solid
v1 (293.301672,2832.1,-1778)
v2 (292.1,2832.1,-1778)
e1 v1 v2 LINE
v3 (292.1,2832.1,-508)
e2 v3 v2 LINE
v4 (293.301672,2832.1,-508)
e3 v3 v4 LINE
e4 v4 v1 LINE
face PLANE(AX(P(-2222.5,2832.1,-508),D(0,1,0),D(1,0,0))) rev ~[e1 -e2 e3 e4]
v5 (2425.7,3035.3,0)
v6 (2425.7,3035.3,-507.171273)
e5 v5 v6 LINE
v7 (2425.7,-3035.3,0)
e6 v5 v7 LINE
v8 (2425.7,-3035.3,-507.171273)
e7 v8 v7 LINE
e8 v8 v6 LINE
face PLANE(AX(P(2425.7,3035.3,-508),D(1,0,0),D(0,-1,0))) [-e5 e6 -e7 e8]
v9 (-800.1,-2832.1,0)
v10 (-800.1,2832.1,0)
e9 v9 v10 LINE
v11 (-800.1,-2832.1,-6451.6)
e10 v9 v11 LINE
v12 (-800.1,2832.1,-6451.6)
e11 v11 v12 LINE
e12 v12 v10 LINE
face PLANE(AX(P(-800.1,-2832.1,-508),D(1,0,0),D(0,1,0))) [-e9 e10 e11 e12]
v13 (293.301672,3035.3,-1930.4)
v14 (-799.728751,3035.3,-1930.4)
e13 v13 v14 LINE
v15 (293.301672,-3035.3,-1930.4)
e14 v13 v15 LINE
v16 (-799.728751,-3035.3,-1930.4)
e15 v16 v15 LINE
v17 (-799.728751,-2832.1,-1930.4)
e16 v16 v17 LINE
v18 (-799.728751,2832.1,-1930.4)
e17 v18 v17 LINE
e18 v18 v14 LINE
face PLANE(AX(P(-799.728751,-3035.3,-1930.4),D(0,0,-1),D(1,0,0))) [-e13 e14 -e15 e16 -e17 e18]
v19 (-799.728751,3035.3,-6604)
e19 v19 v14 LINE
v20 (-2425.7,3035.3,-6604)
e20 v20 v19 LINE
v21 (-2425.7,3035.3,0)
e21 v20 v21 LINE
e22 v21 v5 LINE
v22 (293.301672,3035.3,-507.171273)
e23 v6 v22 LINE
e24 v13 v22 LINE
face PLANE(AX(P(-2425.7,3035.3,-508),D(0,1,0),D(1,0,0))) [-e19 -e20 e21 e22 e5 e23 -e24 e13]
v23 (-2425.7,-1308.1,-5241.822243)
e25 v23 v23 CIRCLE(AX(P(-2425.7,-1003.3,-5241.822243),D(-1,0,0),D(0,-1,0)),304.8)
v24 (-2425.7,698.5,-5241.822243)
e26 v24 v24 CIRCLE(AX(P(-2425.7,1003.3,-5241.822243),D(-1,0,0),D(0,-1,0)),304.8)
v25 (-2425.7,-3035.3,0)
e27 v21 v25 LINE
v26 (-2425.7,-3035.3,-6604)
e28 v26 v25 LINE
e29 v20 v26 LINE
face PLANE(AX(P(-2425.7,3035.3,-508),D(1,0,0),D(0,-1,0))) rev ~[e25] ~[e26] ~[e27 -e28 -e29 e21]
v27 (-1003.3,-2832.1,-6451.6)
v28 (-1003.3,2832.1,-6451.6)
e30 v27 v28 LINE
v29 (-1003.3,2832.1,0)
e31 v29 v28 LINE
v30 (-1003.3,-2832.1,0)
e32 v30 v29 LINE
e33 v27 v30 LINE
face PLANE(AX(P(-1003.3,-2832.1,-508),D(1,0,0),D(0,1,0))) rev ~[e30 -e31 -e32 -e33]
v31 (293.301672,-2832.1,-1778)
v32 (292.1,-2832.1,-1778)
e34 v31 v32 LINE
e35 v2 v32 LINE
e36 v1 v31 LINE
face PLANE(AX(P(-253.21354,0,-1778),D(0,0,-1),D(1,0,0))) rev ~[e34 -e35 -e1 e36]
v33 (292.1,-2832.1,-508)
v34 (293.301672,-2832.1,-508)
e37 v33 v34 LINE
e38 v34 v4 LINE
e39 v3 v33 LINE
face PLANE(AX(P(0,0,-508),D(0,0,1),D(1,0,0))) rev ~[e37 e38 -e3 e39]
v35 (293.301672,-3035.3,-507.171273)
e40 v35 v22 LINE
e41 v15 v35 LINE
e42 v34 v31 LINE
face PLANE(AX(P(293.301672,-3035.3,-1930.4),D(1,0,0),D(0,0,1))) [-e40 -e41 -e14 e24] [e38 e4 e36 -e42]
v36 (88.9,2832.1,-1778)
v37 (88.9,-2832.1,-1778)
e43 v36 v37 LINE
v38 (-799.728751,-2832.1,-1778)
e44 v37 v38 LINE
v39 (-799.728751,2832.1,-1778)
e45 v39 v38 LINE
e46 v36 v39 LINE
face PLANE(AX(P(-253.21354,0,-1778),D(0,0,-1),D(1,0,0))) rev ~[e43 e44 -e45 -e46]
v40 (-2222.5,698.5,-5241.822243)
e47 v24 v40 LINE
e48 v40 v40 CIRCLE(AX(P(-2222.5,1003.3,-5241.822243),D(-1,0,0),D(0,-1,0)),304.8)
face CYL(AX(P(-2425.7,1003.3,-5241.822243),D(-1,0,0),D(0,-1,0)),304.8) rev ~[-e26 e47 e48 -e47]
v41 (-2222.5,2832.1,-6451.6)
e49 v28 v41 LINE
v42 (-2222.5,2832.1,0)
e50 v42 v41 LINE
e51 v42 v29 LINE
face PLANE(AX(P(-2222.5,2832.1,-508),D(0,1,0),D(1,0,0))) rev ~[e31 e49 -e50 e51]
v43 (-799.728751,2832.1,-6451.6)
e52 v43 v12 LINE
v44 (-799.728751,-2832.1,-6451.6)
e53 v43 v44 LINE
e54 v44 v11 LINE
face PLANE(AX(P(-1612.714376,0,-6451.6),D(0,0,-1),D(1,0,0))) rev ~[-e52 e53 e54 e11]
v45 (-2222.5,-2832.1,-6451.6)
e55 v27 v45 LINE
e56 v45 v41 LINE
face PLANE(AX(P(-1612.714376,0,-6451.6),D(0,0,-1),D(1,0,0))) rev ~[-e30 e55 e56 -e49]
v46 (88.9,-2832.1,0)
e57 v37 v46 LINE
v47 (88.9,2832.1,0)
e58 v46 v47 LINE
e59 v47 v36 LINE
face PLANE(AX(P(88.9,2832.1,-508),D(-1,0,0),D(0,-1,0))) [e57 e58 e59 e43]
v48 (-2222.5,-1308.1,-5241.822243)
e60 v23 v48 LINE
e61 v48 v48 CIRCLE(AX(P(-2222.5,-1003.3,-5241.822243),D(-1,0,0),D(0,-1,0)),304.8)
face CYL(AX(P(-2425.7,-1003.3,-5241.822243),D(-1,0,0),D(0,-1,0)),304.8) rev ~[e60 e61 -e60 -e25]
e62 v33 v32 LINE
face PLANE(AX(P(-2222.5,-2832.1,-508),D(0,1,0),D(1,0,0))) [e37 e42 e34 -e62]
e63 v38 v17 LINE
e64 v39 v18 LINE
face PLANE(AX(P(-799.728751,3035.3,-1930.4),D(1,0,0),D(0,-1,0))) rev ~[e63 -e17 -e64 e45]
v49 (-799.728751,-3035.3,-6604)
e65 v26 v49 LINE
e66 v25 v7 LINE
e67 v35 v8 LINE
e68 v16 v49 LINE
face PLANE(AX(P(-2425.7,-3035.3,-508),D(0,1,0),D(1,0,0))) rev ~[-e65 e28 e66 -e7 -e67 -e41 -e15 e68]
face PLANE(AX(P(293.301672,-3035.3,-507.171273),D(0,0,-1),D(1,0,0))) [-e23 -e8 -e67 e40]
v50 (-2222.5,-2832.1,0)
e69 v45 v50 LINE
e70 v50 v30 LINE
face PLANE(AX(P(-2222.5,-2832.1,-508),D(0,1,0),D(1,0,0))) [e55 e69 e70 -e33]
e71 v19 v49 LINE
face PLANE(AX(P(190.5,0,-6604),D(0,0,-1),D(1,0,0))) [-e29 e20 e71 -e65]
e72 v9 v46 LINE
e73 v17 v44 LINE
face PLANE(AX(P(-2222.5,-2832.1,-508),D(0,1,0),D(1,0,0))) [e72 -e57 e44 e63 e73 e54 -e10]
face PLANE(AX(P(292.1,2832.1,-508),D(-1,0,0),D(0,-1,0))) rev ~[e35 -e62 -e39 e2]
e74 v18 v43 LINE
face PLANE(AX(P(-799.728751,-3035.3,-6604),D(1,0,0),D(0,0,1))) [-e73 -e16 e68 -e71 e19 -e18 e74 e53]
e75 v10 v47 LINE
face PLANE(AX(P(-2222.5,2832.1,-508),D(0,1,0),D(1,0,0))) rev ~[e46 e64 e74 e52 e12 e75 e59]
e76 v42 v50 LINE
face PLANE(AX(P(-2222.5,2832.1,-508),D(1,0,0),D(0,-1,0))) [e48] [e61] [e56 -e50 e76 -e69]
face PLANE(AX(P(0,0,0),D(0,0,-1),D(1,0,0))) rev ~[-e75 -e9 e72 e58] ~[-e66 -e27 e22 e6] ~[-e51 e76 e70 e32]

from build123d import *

# Parameters (mm, degrees)
F0_W      = 4445
F0_H      = 5664.2
F1_DEPTH  = 508
F2_W      = 1219.2
F2_H      = 5664.2
F2_W_2    = 889
F3_DEPTH  = 609.6
F4_W      = 4851.4
F4_H      = 6070.6
F4_W_2    = 4445
F4_H_2    = 5664.2
F5_DEPTH  = 6096
F6_DEPTH  = 508
F8_DEPTH  = 6096
F9_W      = 203.2
F9_H      = 5664.2
F10_DEPTH = 6096
F11_R     = 304.8
F12_DEPTH = 203.2
F13_W     = 3225.4287511826
F13_H     = 4673.6
F14_DEPTH = 6070.601
F15_W     = 2132.3983282566
F15_H     = 1423.2287267685
F16_DEPTH = 6070.601
F18_W     = 1625.9712488174
F18_H     = 6070.6
F19_DEPTH = 152.4
F17_W     = 1093.0304229259
F17_H     = 6070.6
F20_DEPTH = 152.4


with BuildPart() as f1:
    # F0 (on Top) → F1 (new body)
    with BuildSketch(Plane.XY):
        Rectangle(F0_W, F0_H)
    extrude(amount=-F1_DEPTH)

    # F2 (on face) → F3 (cut)
    with BuildSketch(Plane.XY):
        with Locations((-1612.9, 0)):
            Rectangle(F2_W, F2_H)
        with Locations((-355.6, 0)):
            Rectangle(F2_W_2, F2_H)
    extrude(amount=-F3_DEPTH, mode=Mode.SUBTRACT)


with BuildPart() as f5:
    # F4 (on face) → F5 (new body)
    with BuildSketch(Plane(origin=(0, 0, -508), x_dir=(1, 0, 0), z_dir=(0, 0, -1))):
        Rectangle(F4_W, F4_H)
        Rectangle(F4_W_2, F4_H_2, mode=Mode.SUBTRACT)
    extrude(amount=F5_DEPTH)


with BuildPart() as f6:
    # F6 (new): a face of the model
    f6_faces = [f5.part.faces().sort_by_distance(p)[0] for p in [
        (0, -2957.5901123923, -508),
    ]]
    extrude(f6_faces, amount=F6_DEPTH)


with BuildPart() as f1_1:
    add(f1.part)

    # F7: union F5, F6
    add(f5.part)
    add(f6.part)

    # F8 (add): a face of the model
    f8_faces = [f1_1.faces().sort_by_distance(p)[0] for p in [
        (-901.7, 0, -508),
    ]]
    extrude(f8_faces, amount=F8_DEPTH)

    # F9 (on face) → F10 (join)
    with BuildSketch(Plane(origin=(0, 0, -508), x_dir=(1, 0, 0), z_dir=(0, 0, -1))):
        with Locations((190.5, 0)):
            Rectangle(F9_W, F9_H)
    extrude(amount=F10_DEPTH)

    # F11 (on face) → F12 (cut)
    with BuildSketch(Plane(origin=(-2425.7, 0, 0), x_dir=(0, -1, 0), z_dir=(-1, 0, 0))):
        with Locations((-1003.3, -5241.8222427368)):
            Circle(F11_R)
        with Locations((1003.3, -5241.8222427368)):
            Circle(F11_R)
    extrude(amount=-F12_DEPTH, mode=Mode.SUBTRACT)

    # F13 (on face) → F14 (cut, through all)
    with BuildSketch(Plane.XZ.offset(3035.3)):
        with Locations((812.9856244087, -4267.2)):
            Rectangle(F13_W, F13_H)
    extrude(amount=-F14_DEPTH, mode=Mode.SUBTRACT)

    # F15 (on face) → F16 (cut, through all)
    with BuildSketch(Plane.XZ.offset(3035.3)):
        with Locations((1359.5008358717, -1218.7856366158)):
            Rectangle(F15_W, F15_H)
    extrude(amount=-F16_DEPTH, mode=Mode.SUBTRACT)

    # F18 (on face) → F19 (join)
    with BuildSketch(Plane(origin=(0, 0, -6604), x_dir=(1, 0, 0), z_dir=(0, 0, -1))):
        with Locations((-1612.7143755913, 0)):
            Rectangle(F18_W, F18_H)
    extrude(amount=-F19_DEPTH)

    # F17 (on face) → F20 (join)
    with BuildSketch(Plane(origin=(0, 0, -1930.4), x_dir=(1, 0, 0), z_dir=(0, 0, -1))):
        with Locations((-253.2135397196, 0)):
            Rectangle(F17_W, F17_H)
    extrude(amount=-F20_DEPTH)


solid = f1_1.part
